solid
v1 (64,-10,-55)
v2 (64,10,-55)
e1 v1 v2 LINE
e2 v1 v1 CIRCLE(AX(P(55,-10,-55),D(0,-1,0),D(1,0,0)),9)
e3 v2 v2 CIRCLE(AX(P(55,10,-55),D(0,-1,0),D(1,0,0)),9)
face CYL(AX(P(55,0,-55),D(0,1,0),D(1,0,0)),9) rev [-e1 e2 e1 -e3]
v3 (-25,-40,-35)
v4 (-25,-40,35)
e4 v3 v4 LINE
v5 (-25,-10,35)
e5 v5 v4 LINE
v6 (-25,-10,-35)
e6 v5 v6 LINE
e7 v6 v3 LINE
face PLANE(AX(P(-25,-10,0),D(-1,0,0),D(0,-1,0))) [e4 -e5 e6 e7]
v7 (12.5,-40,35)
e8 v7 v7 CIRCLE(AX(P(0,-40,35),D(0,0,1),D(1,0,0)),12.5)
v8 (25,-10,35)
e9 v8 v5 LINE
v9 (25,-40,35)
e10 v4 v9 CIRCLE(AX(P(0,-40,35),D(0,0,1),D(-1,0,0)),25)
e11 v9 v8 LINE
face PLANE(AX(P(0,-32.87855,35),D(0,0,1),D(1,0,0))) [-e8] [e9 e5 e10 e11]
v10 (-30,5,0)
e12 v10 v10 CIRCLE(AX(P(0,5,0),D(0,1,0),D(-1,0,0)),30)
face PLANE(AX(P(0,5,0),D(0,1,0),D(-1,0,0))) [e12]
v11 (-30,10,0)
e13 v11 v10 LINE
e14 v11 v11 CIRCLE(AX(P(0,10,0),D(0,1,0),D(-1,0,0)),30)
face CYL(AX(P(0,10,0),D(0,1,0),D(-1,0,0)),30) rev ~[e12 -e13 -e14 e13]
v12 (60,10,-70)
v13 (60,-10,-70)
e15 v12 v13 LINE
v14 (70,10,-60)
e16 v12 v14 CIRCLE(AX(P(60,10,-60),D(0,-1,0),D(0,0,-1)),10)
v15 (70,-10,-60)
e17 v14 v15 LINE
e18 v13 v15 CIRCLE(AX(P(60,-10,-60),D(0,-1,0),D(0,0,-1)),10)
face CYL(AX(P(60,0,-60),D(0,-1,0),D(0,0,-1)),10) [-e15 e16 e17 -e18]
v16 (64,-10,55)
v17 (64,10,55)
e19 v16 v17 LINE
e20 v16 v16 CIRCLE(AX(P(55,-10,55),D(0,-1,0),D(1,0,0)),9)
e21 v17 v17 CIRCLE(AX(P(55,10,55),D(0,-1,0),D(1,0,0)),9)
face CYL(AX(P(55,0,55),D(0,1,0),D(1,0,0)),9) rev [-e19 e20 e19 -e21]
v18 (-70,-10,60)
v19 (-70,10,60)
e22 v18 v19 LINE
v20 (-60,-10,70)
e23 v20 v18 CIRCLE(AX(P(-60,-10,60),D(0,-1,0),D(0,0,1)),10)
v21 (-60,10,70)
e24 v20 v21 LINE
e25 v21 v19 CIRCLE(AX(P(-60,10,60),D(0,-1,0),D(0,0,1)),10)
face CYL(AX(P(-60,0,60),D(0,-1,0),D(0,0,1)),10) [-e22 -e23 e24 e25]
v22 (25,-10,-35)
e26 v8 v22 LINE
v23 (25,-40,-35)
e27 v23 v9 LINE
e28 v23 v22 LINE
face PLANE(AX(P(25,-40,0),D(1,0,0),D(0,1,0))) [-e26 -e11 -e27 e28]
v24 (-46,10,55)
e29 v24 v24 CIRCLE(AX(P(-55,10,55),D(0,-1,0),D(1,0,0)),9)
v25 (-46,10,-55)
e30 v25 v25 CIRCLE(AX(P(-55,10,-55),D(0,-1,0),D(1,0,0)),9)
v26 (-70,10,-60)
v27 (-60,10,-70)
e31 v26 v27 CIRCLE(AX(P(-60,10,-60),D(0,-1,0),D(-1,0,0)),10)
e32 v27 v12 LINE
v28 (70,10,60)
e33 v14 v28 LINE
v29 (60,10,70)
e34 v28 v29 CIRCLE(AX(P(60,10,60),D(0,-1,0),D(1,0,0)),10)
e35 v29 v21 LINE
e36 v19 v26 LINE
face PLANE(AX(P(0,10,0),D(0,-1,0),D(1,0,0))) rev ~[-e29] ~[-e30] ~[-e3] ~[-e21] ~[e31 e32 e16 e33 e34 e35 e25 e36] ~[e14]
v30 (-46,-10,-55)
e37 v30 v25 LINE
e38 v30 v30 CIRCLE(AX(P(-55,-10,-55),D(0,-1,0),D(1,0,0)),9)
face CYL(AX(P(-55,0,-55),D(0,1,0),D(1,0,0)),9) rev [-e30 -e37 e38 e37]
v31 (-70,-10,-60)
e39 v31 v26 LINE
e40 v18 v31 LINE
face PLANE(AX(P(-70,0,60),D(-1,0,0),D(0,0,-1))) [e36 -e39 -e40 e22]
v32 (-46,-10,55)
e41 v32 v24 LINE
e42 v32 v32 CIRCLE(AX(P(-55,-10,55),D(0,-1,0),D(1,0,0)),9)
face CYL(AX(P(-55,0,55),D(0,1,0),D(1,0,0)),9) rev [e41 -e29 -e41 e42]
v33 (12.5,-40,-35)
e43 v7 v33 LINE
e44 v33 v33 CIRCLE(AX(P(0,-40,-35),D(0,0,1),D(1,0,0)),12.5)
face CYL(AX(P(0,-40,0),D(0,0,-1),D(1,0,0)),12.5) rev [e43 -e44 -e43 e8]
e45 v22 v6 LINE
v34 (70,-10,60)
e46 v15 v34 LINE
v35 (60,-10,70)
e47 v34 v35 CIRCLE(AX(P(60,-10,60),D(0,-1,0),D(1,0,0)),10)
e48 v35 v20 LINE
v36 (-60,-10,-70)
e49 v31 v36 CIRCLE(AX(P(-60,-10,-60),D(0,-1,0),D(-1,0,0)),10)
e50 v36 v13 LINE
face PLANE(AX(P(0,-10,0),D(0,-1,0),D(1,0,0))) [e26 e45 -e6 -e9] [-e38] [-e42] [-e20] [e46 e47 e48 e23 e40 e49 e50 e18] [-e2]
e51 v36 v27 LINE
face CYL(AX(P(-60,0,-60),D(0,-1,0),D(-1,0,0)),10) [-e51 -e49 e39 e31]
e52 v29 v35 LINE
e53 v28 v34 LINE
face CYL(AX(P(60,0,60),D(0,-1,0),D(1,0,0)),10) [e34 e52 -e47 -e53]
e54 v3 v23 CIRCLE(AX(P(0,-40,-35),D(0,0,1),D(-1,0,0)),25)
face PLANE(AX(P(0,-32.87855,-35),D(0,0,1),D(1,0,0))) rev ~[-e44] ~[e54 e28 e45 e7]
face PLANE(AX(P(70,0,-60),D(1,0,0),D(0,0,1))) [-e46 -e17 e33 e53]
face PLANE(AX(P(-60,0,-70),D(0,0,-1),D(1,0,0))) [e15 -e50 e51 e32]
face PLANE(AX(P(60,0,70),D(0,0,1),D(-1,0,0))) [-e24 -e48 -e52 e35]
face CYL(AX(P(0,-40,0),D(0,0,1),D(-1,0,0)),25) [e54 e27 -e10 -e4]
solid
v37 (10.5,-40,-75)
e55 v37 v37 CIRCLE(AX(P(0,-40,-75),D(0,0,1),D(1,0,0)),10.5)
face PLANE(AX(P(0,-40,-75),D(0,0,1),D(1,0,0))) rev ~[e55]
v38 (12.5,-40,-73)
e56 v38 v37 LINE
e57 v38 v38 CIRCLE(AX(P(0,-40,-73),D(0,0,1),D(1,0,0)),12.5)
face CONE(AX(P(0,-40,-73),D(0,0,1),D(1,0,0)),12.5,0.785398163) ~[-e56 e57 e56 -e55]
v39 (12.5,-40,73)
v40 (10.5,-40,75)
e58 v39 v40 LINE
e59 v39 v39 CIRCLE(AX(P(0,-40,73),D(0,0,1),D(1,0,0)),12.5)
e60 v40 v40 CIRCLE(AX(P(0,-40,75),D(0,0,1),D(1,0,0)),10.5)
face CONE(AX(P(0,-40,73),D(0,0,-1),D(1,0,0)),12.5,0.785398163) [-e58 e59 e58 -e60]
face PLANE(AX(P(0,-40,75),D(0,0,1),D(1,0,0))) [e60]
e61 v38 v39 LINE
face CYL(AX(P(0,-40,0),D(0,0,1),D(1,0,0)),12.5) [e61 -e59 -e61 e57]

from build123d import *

# Parameters (mm, degrees)
F0_R     = 9
F1_DEPTH = 10
F3_R     = 12.5
F4_DEPTH = 35
F5_R     = 30
F6_DEPTH = 5
F7_DEPTH = 75
F8_SIZE  = 2


with BuildPart() as f1:
    # F0 (on Front) → F1 (new body, symmetric)
    with BuildSketch(Plane.XZ):
        with BuildLine():
            Line((-60, -70), (60, -70))
            ThreePointArc((60, -70), (67.0710678119, -67.0710678119), (70, -60))
            Line((70, -60), (70, 60))
            ThreePointArc((70, 60), (67.0710678119, 67.0710678119), (60, 70))
            Line((60, 70), (-60, 70))
            ThreePointArc((-60, 70), (-67.0710678119, 67.0710678119), (-70, 60))
            Line((-70, 60), (-70, -60))
            ThreePointArc((-70, -60), (-67.0710678119, -67.0710678119), (-60, -70))
        make_face()
        with Locations((-55, -55)):
            Circle(F0_R, mode=Mode.SUBTRACT)
        with Locations((55, -55)):
            Circle(F0_R, mode=Mode.SUBTRACT)
        with Locations((-55, 55)):
            Circle(F0_R, mode=Mode.SUBTRACT)
        with Locations((55, 55)):
            Circle(F0_R, mode=Mode.SUBTRACT)
    extrude(amount=F1_DEPTH, both=True)

    # F3 (on Top) → F4 (join, symmetric)
    with BuildSketch(Plane.XY):
        with BuildLine():
            Line((-25, -10), (-25, -40))
            ThreePointArc((-25, -40), (0, -65), (25, -40))
            Line((25, -40), (25, -10))
            Line((25, -10), (-25, -10))
        make_face()
        with Locations((0, -40)):
            Circle(F3_R, mode=Mode.SUBTRACT)
    extrude(amount=F4_DEPTH, both=True)

    # F5 (on face) → F6 (cut)
    with BuildSketch(Plane(origin=(0, 10, 0), x_dir=(-1, 0, 0), z_dir=(0, 1, 0))):
        Circle(F5_R)
    extrude(amount=-F6_DEPTH, mode=Mode.SUBTRACT)


with BuildPart() as f7:
    # F3 (on Top) → F7 (new body, symmetric)
    with BuildSketch(Plane.XY):
        with Locations((0, -40)):
            Circle(F3_R)
    extrude(amount=F7_DEPTH, both=True)

    # F8
    f8_edges = [f7.edges().sort_by_distance(p)[0] for p in [
        (-12.5, -40, 75),
        (-12.5, -40, -75),
    ]]
    chamfer(f8_edges, length=F8_SIZE)


solid = Compound([f1.part, f7.part])
